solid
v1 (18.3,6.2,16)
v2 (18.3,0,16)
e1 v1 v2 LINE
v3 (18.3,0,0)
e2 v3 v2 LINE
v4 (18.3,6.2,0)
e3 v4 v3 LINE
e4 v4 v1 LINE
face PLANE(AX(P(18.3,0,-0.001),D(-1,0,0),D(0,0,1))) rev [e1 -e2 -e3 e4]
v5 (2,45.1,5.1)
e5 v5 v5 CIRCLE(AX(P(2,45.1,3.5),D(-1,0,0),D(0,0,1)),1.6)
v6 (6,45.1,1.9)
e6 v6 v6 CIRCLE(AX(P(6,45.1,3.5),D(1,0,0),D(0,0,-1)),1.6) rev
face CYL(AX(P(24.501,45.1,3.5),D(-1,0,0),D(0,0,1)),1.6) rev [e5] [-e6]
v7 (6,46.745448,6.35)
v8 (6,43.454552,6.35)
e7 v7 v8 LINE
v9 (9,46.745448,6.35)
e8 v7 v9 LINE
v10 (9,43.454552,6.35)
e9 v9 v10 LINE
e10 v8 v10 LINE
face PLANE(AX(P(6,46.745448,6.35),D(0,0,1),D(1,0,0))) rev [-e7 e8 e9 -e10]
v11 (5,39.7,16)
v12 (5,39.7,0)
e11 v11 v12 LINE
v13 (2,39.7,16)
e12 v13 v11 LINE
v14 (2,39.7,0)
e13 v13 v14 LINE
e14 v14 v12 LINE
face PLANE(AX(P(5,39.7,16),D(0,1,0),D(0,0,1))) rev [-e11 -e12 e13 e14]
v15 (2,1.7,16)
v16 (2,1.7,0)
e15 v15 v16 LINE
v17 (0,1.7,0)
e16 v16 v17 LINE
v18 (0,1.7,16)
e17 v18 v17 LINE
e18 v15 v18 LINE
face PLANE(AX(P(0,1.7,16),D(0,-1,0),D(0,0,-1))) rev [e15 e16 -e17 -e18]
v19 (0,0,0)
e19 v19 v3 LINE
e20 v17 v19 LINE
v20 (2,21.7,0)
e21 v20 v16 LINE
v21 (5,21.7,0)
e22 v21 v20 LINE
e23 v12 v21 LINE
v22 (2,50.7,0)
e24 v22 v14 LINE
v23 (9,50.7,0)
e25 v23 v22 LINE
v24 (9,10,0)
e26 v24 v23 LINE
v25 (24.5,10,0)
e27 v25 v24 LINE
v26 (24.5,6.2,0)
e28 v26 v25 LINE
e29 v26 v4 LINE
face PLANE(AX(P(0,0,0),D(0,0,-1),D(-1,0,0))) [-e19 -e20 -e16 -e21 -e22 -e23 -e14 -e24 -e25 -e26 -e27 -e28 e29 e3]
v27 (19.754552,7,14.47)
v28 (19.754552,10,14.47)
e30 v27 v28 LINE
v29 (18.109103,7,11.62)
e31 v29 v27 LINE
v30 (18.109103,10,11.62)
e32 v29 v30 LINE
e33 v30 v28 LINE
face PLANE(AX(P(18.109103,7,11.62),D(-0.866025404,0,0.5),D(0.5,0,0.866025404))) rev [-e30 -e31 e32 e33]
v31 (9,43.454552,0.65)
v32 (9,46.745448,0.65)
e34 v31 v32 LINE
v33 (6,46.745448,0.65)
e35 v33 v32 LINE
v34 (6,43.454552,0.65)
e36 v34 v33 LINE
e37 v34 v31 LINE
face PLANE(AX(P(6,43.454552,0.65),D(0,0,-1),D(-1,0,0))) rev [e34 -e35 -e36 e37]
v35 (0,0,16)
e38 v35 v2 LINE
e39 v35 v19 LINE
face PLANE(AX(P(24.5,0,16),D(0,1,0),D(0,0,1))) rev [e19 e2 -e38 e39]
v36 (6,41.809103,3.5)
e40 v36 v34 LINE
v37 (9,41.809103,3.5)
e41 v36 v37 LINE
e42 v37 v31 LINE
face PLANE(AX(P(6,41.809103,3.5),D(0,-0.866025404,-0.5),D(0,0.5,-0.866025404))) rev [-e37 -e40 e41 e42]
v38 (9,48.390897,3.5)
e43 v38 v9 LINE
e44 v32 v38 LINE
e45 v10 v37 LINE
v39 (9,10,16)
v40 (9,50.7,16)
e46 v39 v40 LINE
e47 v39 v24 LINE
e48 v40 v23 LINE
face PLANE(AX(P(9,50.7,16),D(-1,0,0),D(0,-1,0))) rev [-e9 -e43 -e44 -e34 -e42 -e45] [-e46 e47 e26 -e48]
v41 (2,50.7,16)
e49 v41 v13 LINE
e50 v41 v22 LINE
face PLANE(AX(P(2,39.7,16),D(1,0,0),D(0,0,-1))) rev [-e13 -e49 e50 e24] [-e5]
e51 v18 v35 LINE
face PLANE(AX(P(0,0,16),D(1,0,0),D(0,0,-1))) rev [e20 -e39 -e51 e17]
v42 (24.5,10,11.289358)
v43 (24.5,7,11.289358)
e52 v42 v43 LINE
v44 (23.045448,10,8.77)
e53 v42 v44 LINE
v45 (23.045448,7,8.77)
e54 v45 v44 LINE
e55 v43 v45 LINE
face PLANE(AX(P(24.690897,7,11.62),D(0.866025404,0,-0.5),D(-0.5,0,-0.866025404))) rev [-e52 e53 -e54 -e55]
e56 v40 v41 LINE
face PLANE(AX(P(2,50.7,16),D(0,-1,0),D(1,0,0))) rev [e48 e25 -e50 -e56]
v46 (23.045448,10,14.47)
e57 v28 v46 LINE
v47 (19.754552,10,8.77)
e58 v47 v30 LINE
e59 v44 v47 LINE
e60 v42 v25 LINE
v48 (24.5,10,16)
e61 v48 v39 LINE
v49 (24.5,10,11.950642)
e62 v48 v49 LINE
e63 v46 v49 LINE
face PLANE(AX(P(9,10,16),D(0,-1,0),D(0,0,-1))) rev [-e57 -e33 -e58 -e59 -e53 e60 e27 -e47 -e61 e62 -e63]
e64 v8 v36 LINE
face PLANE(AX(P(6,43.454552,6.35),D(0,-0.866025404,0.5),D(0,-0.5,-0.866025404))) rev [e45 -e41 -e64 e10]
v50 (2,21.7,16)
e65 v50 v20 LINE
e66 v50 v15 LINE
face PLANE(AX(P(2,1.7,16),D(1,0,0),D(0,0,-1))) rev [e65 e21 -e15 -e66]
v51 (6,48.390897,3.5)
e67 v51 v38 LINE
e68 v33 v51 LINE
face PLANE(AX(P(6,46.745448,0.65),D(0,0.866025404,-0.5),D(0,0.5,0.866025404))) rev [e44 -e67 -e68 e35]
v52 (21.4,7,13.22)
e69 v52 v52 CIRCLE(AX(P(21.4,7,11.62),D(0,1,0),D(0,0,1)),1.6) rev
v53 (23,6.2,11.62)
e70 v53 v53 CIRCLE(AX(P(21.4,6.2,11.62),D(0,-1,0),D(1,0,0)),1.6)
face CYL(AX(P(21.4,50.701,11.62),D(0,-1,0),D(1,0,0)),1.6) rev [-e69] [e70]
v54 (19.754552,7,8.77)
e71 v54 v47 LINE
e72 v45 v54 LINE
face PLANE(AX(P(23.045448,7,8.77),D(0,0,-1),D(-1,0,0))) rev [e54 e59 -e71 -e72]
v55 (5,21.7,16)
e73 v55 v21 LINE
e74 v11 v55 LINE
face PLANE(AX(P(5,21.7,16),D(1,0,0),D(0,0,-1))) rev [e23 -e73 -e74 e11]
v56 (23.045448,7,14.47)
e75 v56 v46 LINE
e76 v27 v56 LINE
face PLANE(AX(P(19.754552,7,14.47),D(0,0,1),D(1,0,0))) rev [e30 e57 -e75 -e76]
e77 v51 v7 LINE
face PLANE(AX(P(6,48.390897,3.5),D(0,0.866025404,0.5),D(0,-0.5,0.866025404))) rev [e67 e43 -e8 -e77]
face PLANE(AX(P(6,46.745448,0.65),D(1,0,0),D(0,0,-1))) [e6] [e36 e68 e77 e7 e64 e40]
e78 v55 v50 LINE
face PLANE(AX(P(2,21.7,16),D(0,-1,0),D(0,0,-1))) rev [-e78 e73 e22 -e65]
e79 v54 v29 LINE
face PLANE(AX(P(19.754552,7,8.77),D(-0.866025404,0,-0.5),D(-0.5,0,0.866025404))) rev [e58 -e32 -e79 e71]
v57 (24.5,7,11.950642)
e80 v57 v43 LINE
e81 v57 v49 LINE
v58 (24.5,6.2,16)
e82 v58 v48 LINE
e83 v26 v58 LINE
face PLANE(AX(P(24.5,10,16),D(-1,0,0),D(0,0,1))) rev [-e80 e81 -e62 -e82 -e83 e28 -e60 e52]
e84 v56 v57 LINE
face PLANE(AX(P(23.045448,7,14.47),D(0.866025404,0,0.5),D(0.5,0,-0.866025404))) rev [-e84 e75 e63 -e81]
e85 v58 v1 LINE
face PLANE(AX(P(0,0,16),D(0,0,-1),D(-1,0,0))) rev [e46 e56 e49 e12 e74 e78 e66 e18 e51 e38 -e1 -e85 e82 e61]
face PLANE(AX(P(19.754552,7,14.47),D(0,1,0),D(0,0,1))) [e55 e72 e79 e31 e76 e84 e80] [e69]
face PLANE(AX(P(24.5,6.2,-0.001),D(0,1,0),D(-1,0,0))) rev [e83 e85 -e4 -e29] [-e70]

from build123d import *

# Parameters (mm, degrees)
SALIENTE_EXTRUIR1_DEPTH = 16
CORTAR_EXTRUIR1_REACH   = 18
CROQUIS2_W              = 6.2
CROQUIS2_H              = 6.2
CORTAR_EXTRUIR2_REACH   = 24.5
CROQUIS3_R              = 1.6
CORTAR_EXTRUIR3_DEPTH   = 3
CORTAR_EXTRUIR4_REACH   = 46.5
CROQUIS5_R              = 1.6
CORTAR_EXTRUIR5_DEPTH   = 3


with BuildPart() as part:
    # Croquis1 → Saliente-Extruir1 (new body)
    with BuildSketch(Plane.XY):
        Polygon((0, 0), (0, 1.7), (2, 1.7), (2, 21.7), (5, 21.7), (5, 39.7), (2, 39.7), (2, 50.7), (9, 50.7), (9, 10), (24.5, 10), (24.5, 0), align=None)
    extrude(amount=SALIENTE_EXTRUIR1_DEPTH)

    # Croquis2 → Cortar-Extruir1 (cut, up to next)
    with BuildSketch(Plane.XY.offset(16), mode=Mode.PRIVATE) as cortar_extruir1_sk1:
        with Locations((21.4, 3.1)):
            Rectangle(CROQUIS2_W, CROQUIS2_H)
    cortar_extruir1_tool1 = extrude(cortar_extruir1_sk1.sketch, amount=-CORTAR_EXTRUIR1_REACH, mode=Mode.PRIVATE) & part.part
    add(cortar_extruir1_tool1.solids().sort_by_distance((21.4, 3.1, 16))[0], mode=Mode.SUBTRACT)

    # Croquis3 → Cortar-Extruir2 (cut, up to next)
    with BuildSketch(Plane.ZY.offset(-2), mode=Mode.PRIVATE) as cortar_extruir2_sk1:
        with Locations((3.5, 45.1)):
            Circle(CROQUIS3_R)
    cortar_extruir2_tool1 = extrude(cortar_extruir2_sk1.sketch, amount=-CORTAR_EXTRUIR2_REACH, mode=Mode.PRIVATE) & part.part
    add(cortar_extruir2_tool1.solids().sort_by_distance((2, 45.1, 3.5))[0], mode=Mode.SUBTRACT)

    # Croquis4 → Cortar-Extruir3 (cut)
    with BuildSketch(Plane(origin=(9, 0, 0), x_dir=(0, 0, -1), z_dir=(1, 0, 0))):
        Polygon((-0.65, 46.745448267), (-3.5, 48.390896534), (-6.35, 46.745448267), (-6.35, 43.454551733), (-3.5, 41.809103466), (-0.65, 43.454551733), align=None)
    extrude(amount=-CORTAR_EXTRUIR3_DEPTH, mode=Mode.SUBTRACT)

    # Croquis5 → Cortar-Extruir4 (cut, up to next)
    with BuildSketch(Plane.XZ.offset(-6.2), mode=Mode.PRIVATE) as cortar_extruir4_sk1:
        with Locations((21.4, 11.62)):
            Circle(CROQUIS5_R)
    cortar_extruir4_tool1 = extrude(cortar_extruir4_sk1.sketch, amount=-CORTAR_EXTRUIR4_REACH, mode=Mode.PRIVATE) & part.part
    add(cortar_extruir4_tool1.solids().sort_by_distance((21.4, 6.2, 11.62))[0], mode=Mode.SUBTRACT)

    # Croquis6 → Cortar-Extruir5 (cut)
    with BuildSketch(Plane(origin=(0, 10, 0), x_dir=(1, 0, 0), z_dir=(0, 1, 0))):
        Polygon((19.754551733, -14.47), (23.045448267, -14.47), (24.690896534, -11.62), (23.045448267, -8.77), (19.754551733, -8.77), (18.109103466, -11.62), align=None)
    extrude(amount=-CORTAR_EXTRUIR5_DEPTH, mode=Mode.SUBTRACT)


solid = part.part
